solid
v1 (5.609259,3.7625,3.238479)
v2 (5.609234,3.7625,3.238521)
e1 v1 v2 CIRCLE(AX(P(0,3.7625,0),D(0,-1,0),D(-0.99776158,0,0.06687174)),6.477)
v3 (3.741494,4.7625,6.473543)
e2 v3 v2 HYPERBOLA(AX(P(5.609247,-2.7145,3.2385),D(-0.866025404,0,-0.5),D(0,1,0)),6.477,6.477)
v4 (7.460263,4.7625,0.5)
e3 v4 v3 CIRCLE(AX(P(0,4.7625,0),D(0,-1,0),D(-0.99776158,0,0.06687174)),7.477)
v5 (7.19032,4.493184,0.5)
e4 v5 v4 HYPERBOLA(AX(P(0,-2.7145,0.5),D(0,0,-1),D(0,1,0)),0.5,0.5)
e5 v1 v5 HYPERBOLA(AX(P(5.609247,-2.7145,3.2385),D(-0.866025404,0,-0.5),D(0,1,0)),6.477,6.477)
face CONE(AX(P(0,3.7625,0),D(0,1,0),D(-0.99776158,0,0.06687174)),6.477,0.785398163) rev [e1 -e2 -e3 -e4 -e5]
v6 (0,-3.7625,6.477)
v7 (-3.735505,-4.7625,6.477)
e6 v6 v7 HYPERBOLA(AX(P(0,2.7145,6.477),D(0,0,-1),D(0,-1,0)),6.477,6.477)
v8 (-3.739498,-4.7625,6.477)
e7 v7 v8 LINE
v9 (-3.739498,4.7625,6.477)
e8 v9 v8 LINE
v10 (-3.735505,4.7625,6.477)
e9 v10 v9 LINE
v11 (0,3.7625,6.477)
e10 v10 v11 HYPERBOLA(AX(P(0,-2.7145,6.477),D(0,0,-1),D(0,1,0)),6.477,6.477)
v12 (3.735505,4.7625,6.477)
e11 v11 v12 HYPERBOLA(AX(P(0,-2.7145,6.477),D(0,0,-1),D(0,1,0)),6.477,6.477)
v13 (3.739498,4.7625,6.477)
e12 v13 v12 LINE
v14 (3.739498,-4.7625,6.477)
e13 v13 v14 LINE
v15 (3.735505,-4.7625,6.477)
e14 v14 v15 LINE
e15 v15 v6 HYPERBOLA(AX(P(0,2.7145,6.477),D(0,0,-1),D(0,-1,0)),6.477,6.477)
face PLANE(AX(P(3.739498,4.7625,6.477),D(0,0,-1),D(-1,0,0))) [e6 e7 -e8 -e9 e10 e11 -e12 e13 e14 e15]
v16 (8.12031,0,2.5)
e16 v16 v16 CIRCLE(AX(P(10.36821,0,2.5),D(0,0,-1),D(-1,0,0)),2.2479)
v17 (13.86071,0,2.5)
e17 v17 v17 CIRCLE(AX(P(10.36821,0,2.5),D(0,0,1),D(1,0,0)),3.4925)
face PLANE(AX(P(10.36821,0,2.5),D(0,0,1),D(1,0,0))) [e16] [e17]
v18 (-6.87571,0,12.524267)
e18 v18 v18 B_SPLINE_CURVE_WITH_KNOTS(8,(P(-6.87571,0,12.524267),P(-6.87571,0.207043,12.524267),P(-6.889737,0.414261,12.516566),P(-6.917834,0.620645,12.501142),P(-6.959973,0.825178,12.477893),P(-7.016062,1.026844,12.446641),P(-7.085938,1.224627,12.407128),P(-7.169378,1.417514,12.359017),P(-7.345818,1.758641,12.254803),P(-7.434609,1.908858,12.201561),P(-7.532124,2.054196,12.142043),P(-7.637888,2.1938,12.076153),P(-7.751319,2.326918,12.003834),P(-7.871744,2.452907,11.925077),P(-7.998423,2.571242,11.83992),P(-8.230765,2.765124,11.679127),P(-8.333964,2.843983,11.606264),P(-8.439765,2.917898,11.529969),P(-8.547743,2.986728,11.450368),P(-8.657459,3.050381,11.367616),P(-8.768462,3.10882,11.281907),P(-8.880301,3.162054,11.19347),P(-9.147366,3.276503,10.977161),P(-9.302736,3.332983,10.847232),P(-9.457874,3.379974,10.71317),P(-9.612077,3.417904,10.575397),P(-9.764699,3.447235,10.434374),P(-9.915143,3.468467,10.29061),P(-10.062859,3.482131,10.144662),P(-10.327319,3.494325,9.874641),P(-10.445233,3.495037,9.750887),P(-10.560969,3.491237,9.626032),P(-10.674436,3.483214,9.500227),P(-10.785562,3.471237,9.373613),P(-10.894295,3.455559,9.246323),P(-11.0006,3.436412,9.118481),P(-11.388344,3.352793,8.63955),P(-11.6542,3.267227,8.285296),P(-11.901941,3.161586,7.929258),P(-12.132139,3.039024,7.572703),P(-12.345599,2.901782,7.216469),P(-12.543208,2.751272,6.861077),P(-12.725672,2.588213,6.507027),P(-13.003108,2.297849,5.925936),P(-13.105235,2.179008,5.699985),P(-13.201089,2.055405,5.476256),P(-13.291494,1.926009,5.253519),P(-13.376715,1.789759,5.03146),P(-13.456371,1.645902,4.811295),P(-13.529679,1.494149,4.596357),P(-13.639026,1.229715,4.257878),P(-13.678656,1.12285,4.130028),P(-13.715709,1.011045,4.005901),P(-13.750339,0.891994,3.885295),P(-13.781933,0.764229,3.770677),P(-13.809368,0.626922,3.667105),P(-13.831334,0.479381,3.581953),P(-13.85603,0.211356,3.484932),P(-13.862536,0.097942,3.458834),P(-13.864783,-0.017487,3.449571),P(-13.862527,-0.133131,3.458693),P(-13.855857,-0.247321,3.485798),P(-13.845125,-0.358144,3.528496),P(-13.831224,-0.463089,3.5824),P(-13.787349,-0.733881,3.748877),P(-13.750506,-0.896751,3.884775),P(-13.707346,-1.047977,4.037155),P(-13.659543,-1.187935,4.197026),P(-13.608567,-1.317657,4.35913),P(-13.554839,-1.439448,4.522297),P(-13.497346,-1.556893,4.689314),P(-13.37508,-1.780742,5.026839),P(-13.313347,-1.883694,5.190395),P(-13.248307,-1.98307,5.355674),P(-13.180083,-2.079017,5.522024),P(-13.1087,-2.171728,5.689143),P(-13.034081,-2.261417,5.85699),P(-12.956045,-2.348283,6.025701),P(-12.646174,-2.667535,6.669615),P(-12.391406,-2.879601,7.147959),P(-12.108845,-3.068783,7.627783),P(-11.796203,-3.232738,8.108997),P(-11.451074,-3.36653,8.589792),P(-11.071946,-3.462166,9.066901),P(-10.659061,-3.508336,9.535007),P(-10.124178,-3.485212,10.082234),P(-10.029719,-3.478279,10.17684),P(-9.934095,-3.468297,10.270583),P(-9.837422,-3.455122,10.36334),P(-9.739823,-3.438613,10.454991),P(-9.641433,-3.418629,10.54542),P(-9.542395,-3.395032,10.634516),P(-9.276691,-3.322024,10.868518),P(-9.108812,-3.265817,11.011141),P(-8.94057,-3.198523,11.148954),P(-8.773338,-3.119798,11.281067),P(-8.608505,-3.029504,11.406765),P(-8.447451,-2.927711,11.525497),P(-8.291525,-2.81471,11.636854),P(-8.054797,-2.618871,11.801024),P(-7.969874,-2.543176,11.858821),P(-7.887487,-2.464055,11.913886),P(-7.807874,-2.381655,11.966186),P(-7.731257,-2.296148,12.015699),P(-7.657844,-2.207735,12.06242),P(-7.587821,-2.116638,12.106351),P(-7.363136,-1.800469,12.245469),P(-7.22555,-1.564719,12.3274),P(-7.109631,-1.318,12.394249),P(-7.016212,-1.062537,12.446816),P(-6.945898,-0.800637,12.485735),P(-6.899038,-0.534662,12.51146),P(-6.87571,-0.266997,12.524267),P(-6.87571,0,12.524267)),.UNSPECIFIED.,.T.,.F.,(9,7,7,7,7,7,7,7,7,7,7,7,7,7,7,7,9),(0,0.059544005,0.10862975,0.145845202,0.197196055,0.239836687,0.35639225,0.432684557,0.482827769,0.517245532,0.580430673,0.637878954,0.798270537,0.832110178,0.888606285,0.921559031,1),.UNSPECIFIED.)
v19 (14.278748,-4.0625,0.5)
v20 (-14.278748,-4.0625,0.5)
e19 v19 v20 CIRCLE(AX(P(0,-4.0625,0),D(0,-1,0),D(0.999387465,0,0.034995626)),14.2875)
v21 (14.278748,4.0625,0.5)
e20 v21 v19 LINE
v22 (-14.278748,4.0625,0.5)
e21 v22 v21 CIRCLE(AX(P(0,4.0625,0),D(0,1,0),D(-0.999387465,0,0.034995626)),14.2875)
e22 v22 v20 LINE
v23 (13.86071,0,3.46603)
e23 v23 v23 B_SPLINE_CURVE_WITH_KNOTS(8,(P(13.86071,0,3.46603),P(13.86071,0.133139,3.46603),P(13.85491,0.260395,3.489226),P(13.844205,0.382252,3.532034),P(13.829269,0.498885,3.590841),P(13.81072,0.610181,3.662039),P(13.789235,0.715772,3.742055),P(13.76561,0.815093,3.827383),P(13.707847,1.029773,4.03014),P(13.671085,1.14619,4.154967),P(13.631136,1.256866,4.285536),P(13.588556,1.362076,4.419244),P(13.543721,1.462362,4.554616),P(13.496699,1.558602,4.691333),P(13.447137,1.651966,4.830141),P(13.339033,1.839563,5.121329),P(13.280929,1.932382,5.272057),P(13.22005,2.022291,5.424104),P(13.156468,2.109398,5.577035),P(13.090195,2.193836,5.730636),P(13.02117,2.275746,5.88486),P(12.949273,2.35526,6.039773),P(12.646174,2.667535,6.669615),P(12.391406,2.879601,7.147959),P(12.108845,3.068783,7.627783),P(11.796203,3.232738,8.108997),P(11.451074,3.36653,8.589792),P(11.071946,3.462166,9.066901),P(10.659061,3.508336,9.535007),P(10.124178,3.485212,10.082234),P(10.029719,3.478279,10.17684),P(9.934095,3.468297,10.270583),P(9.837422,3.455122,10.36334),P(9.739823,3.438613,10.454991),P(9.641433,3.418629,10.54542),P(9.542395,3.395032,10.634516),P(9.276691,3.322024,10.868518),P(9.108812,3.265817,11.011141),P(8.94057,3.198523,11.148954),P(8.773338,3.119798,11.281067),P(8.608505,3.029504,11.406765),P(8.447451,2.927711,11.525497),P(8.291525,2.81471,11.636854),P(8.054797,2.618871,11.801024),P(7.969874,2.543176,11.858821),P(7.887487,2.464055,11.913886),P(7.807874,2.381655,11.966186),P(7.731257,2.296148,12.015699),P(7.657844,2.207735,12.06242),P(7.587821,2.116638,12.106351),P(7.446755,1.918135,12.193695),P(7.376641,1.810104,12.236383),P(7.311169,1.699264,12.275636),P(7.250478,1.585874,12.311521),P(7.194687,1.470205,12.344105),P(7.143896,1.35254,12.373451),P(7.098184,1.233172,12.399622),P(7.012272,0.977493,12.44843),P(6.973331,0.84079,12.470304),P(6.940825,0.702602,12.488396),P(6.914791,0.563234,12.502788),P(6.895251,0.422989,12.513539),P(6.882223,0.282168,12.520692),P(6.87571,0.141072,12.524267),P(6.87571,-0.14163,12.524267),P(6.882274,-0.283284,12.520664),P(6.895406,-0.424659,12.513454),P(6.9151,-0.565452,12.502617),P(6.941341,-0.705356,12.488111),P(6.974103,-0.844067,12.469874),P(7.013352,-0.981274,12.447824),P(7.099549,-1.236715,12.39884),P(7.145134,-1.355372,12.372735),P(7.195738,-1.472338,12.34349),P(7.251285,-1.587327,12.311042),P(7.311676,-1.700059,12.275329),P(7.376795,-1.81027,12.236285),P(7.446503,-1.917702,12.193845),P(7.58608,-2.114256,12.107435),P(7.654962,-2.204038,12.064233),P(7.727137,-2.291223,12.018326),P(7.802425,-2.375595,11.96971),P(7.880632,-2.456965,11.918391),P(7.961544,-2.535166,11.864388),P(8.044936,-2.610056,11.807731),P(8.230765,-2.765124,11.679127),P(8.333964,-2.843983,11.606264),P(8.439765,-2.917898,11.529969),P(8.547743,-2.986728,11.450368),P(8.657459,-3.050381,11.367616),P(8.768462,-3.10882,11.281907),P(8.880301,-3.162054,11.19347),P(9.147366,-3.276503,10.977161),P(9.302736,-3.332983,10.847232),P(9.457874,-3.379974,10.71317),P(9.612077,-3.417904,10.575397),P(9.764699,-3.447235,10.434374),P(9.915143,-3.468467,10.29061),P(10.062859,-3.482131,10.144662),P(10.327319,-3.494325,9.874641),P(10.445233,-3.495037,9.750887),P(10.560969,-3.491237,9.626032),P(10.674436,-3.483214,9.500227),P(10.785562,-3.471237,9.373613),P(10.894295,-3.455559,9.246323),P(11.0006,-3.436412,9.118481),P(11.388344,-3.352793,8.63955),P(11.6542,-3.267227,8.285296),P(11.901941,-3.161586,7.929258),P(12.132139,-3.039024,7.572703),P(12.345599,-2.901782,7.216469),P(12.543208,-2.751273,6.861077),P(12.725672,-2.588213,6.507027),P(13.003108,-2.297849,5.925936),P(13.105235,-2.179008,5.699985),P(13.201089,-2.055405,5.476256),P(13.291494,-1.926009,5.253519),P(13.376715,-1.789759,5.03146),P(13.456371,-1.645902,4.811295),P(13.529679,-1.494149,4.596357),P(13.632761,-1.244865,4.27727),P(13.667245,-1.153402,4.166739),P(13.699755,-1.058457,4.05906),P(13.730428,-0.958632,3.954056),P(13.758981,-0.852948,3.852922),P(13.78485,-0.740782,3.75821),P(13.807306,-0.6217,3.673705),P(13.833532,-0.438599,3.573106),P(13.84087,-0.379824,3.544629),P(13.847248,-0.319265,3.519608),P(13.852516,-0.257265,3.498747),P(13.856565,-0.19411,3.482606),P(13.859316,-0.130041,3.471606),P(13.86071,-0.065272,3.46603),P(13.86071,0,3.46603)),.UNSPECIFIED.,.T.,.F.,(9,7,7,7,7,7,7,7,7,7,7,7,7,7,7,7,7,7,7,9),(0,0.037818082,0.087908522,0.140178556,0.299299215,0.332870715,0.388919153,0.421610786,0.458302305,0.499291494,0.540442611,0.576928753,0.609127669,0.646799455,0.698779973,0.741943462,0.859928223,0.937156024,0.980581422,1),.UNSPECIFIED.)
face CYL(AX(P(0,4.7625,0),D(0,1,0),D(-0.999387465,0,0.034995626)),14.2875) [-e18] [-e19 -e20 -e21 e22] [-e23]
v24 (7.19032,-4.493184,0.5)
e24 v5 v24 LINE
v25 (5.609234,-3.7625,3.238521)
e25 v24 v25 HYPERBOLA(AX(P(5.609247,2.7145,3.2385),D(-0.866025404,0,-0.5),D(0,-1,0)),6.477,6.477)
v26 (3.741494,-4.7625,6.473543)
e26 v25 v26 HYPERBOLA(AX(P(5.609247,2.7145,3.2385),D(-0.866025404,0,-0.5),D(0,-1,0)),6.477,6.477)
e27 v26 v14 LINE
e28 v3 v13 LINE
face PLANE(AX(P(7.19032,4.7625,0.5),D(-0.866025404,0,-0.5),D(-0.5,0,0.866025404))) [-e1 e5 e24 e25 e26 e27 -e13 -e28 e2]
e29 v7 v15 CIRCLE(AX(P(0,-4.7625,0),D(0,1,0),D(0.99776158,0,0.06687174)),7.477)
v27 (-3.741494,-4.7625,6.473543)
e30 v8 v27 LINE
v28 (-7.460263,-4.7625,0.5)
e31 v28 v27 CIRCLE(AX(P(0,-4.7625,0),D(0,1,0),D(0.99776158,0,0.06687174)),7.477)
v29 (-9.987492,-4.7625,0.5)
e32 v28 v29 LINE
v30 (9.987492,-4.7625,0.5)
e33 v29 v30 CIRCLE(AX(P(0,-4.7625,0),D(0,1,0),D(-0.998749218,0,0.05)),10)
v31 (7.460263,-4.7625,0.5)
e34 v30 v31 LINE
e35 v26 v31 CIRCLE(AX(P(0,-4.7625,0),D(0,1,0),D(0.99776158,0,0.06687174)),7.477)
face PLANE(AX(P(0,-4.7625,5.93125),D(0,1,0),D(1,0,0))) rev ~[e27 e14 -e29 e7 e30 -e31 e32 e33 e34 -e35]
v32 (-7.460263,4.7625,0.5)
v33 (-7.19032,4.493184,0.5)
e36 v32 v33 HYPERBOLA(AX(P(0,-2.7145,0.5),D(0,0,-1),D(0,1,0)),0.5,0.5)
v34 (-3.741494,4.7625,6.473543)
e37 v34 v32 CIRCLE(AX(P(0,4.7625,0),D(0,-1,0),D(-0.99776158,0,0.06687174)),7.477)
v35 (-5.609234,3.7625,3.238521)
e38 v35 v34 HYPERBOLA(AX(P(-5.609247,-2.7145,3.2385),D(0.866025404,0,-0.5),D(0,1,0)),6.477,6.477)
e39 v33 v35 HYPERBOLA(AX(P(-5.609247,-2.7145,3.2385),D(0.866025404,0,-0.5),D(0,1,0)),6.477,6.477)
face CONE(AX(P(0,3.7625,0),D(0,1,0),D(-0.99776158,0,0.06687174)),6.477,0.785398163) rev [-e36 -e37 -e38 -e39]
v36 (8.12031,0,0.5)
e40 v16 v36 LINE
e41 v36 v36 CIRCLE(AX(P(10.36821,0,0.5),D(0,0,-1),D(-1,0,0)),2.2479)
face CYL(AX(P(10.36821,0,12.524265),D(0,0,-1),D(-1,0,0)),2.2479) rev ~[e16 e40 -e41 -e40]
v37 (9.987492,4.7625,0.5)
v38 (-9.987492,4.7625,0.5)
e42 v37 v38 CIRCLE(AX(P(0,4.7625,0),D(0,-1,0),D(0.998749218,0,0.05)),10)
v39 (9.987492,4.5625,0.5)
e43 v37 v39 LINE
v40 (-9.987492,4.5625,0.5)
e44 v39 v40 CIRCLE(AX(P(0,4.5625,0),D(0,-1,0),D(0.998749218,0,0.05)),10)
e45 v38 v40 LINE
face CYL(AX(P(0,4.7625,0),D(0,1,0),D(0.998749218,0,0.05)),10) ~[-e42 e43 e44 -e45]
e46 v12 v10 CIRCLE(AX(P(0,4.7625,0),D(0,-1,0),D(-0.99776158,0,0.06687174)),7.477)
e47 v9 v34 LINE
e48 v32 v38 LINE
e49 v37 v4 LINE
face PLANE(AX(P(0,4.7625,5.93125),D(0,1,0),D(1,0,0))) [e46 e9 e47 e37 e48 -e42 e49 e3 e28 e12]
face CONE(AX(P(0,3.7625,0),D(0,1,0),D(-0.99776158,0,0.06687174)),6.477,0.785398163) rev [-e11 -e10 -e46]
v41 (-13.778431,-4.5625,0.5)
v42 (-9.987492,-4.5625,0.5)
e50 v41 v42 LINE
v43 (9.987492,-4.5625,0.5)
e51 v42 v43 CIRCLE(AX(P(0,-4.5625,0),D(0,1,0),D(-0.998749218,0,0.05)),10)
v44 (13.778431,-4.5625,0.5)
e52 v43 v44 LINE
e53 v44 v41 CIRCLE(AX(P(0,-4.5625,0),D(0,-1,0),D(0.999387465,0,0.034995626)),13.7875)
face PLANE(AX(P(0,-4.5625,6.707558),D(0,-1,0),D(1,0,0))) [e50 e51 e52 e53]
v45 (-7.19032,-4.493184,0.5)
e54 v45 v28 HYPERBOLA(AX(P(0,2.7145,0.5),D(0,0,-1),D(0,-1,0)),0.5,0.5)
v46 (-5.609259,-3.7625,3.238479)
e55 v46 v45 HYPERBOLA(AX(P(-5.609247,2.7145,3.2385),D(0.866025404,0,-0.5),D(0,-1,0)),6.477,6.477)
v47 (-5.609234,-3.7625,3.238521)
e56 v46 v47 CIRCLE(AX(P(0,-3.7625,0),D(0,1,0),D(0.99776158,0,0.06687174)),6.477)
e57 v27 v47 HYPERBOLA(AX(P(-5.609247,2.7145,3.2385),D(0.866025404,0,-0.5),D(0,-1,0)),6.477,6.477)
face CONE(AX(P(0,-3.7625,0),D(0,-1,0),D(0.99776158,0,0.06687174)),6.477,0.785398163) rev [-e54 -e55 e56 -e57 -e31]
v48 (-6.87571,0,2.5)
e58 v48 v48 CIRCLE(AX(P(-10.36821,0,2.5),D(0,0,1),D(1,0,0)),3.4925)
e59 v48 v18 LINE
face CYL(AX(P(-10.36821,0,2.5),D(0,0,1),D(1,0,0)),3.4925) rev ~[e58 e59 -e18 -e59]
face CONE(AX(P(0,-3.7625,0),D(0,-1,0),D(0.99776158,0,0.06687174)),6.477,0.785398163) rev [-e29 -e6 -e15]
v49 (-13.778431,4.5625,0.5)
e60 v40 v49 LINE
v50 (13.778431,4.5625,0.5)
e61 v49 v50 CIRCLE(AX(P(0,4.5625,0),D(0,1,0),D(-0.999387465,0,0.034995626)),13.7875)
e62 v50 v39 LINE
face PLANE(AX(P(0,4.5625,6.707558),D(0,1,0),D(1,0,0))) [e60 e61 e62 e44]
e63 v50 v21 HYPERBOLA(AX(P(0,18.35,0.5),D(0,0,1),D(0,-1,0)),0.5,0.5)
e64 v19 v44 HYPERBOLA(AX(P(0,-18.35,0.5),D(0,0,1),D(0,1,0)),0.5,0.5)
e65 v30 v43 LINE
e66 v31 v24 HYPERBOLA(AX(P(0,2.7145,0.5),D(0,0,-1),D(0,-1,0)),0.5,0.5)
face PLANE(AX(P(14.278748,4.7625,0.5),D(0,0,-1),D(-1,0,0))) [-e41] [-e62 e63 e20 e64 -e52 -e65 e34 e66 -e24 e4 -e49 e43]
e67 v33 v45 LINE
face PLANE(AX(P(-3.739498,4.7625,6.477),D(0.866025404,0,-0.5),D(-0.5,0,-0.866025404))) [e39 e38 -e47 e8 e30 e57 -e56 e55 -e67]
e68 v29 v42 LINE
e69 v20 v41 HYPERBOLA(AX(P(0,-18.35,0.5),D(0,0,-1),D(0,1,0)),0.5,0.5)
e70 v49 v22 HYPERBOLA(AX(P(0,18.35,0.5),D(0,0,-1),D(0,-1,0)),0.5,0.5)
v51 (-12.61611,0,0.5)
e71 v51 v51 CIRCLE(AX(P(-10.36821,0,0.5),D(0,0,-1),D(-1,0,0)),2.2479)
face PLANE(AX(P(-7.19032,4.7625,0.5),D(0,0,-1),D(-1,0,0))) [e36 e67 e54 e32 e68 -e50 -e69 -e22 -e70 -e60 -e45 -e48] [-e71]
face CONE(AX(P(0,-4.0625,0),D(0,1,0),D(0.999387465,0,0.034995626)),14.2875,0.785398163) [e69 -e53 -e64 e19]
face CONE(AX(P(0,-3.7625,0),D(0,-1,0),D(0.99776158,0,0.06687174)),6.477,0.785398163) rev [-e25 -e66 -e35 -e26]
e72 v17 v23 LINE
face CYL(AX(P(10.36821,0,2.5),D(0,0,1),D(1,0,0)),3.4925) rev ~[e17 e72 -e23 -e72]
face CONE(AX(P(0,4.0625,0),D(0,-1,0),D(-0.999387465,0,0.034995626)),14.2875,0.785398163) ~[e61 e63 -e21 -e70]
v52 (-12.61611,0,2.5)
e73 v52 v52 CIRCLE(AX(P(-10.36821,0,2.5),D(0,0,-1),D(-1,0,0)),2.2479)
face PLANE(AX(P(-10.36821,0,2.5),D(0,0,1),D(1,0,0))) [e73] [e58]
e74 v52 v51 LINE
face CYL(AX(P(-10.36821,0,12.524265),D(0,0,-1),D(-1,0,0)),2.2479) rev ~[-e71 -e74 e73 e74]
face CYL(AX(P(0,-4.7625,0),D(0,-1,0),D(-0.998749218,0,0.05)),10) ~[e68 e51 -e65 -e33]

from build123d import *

# Parameters (mm, degrees)
BOSS_EXTRUDE1_DEPTH                                 = 9.525
CUT_EXTRUDE7_DEPTH                                  = 0.2
CUT_EXTRUDE8_DEPTH                                  = 0.2
CBORE_FOR_8_BINDING_HEAD_MACHINE_SCREW4_D           = 4.4958
CBORE_FOR_8_BINDING_HEAD_MACHINE_SCREW4_DEPTH       = 12.024265282
CBORE_FOR_8_BINDING_HEAD_MACHINE_SCREW4_CBORE_D     = 6.985
CBORE_FOR_8_BINDING_HEAD_MACHINE_SCREW4_CBORE_DEPTH = 10.024265282
CHAMFER4_SIZE                                       = 0.5


with BuildPart() as part:
    # Sketch32 → Boss-Extrude1 (new body)
    with BuildSketch(Plane(origin=(0, 4.7625, 0), x_dir=(1, 0, 0), z_dir=(0, 1, 0))):
        with BuildLine():
            Line((14.278748413, -0.5), (7.190320252, -0.5))
            Line((7.190320252, -0.5), (3.739497694, -6.477))
            Line((3.739497694, -6.477), (-3.739497694, -6.477))
            Line((-3.739497694, -6.477), (-7.190320252, -0.5))
            Line((-7.190320252, -0.5), (-14.278748413, -0.5))
            ThreePointArc((-14.278748413, -0.5), (0, -14.2875), (14.278748413, -0.5))
        make_face()
    extrude(amount=-BOSS_EXTRUDE1_DEPTH)

    # Sketch37 → Cut-Revolve4 (revolve, cut)
    with BuildSketch(Plane(origin=(0, 0, 0), x_dir=(-0.99776158, 0, -0.06687174), z_dir=(0.06687174, 0, -0.99776158))):
        Polygon((0, -4.7625), (0, -3.7625), (-6.477, -3.7625), (-7.477, -4.7625), align=None)
    revolve(axis=Axis((0, -4.7625, 0), (0, 1, 0)), mode=Mode.SUBTRACT)

    # Sketch43 → Cut-Revolve5 (revolve, cut)
    with BuildSketch(Plane(origin=(0, 0, 0), x_dir=(-0.99776158, 0, 0.06687174), z_dir=(-0.06687174, 0, -0.99776158))):
        Polygon((0, 4.7625), (0, 3.7625), (6.477, 3.7625), (7.477, 4.7625), align=None)
    revolve(axis=Axis((0, 4.7625, 0), (0, -1, 0)), mode=Mode.SUBTRACT)

    # Sketch48 → Cut-Extrude7 (cut)
    with BuildSketch(Plane(origin=(0, 4.7625, 0), x_dir=(1, 0, 0), z_dir=(0, 1, 0))):
        with BuildLine():
            Line((14.278748413, -0.5), (9.987492178, -0.5))
            ThreePointArc((9.987492178, -0.5), (0, -10), (-9.987492178, -0.5))
            Line((-9.987492178, -0.5), (-14.278748413, -0.5))
            ThreePointArc((-14.278748413, -0.5), (0, -14.2875), (14.278748413, -0.5))
        make_face()
    extrude(amount=-CUT_EXTRUDE7_DEPTH, mode=Mode.SUBTRACT)

    # Sketch49 → Cut-Extrude8 (cut)
    with BuildSketch(Plane.XZ.offset(4.7625)):
        with BuildLine():
            Line((9.987492178, 0.5), (14.278748413, 0.5))
            ThreePointArc((14.278748413, 0.5), (0, 14.2875), (-14.278748413, 0.5))
            Line((-14.278748413, 0.5), (-9.987492178, 0.5))
            ThreePointArc((-9.987492178, 0.5), (0, 10), (9.987492178, 0.5))
        make_face()
    extrude(amount=-CUT_EXTRUDE8_DEPTH, mode=Mode.SUBTRACT)

    # CBORE for #8 Binding Head Machine Screw4
    with Locations(Plane.XY.offset(12.524265282)):
        with Locations((-10.368210259, 0), (10.368210259, 0)):
            CounterBoreHole(CBORE_FOR_8_BINDING_HEAD_MACHINE_SCREW4_D / 2, CBORE_FOR_8_BINDING_HEAD_MACHINE_SCREW4_CBORE_D / 2, CBORE_FOR_8_BINDING_HEAD_MACHINE_SCREW4_CBORE_DEPTH, depth=CBORE_FOR_8_BINDING_HEAD_MACHINE_SCREW4_DEPTH)

    # Chamfer4
    chamfer4_edges = [part.edges().sort_by_distance(p)[0] for p in [
        (0, 4.5625, 14.2875),
        (0, -4.5625, 14.2875),
    ]]
    chamfer(chamfer4_edges, length=CHAMFER4_SIZE)


solid = part.part
